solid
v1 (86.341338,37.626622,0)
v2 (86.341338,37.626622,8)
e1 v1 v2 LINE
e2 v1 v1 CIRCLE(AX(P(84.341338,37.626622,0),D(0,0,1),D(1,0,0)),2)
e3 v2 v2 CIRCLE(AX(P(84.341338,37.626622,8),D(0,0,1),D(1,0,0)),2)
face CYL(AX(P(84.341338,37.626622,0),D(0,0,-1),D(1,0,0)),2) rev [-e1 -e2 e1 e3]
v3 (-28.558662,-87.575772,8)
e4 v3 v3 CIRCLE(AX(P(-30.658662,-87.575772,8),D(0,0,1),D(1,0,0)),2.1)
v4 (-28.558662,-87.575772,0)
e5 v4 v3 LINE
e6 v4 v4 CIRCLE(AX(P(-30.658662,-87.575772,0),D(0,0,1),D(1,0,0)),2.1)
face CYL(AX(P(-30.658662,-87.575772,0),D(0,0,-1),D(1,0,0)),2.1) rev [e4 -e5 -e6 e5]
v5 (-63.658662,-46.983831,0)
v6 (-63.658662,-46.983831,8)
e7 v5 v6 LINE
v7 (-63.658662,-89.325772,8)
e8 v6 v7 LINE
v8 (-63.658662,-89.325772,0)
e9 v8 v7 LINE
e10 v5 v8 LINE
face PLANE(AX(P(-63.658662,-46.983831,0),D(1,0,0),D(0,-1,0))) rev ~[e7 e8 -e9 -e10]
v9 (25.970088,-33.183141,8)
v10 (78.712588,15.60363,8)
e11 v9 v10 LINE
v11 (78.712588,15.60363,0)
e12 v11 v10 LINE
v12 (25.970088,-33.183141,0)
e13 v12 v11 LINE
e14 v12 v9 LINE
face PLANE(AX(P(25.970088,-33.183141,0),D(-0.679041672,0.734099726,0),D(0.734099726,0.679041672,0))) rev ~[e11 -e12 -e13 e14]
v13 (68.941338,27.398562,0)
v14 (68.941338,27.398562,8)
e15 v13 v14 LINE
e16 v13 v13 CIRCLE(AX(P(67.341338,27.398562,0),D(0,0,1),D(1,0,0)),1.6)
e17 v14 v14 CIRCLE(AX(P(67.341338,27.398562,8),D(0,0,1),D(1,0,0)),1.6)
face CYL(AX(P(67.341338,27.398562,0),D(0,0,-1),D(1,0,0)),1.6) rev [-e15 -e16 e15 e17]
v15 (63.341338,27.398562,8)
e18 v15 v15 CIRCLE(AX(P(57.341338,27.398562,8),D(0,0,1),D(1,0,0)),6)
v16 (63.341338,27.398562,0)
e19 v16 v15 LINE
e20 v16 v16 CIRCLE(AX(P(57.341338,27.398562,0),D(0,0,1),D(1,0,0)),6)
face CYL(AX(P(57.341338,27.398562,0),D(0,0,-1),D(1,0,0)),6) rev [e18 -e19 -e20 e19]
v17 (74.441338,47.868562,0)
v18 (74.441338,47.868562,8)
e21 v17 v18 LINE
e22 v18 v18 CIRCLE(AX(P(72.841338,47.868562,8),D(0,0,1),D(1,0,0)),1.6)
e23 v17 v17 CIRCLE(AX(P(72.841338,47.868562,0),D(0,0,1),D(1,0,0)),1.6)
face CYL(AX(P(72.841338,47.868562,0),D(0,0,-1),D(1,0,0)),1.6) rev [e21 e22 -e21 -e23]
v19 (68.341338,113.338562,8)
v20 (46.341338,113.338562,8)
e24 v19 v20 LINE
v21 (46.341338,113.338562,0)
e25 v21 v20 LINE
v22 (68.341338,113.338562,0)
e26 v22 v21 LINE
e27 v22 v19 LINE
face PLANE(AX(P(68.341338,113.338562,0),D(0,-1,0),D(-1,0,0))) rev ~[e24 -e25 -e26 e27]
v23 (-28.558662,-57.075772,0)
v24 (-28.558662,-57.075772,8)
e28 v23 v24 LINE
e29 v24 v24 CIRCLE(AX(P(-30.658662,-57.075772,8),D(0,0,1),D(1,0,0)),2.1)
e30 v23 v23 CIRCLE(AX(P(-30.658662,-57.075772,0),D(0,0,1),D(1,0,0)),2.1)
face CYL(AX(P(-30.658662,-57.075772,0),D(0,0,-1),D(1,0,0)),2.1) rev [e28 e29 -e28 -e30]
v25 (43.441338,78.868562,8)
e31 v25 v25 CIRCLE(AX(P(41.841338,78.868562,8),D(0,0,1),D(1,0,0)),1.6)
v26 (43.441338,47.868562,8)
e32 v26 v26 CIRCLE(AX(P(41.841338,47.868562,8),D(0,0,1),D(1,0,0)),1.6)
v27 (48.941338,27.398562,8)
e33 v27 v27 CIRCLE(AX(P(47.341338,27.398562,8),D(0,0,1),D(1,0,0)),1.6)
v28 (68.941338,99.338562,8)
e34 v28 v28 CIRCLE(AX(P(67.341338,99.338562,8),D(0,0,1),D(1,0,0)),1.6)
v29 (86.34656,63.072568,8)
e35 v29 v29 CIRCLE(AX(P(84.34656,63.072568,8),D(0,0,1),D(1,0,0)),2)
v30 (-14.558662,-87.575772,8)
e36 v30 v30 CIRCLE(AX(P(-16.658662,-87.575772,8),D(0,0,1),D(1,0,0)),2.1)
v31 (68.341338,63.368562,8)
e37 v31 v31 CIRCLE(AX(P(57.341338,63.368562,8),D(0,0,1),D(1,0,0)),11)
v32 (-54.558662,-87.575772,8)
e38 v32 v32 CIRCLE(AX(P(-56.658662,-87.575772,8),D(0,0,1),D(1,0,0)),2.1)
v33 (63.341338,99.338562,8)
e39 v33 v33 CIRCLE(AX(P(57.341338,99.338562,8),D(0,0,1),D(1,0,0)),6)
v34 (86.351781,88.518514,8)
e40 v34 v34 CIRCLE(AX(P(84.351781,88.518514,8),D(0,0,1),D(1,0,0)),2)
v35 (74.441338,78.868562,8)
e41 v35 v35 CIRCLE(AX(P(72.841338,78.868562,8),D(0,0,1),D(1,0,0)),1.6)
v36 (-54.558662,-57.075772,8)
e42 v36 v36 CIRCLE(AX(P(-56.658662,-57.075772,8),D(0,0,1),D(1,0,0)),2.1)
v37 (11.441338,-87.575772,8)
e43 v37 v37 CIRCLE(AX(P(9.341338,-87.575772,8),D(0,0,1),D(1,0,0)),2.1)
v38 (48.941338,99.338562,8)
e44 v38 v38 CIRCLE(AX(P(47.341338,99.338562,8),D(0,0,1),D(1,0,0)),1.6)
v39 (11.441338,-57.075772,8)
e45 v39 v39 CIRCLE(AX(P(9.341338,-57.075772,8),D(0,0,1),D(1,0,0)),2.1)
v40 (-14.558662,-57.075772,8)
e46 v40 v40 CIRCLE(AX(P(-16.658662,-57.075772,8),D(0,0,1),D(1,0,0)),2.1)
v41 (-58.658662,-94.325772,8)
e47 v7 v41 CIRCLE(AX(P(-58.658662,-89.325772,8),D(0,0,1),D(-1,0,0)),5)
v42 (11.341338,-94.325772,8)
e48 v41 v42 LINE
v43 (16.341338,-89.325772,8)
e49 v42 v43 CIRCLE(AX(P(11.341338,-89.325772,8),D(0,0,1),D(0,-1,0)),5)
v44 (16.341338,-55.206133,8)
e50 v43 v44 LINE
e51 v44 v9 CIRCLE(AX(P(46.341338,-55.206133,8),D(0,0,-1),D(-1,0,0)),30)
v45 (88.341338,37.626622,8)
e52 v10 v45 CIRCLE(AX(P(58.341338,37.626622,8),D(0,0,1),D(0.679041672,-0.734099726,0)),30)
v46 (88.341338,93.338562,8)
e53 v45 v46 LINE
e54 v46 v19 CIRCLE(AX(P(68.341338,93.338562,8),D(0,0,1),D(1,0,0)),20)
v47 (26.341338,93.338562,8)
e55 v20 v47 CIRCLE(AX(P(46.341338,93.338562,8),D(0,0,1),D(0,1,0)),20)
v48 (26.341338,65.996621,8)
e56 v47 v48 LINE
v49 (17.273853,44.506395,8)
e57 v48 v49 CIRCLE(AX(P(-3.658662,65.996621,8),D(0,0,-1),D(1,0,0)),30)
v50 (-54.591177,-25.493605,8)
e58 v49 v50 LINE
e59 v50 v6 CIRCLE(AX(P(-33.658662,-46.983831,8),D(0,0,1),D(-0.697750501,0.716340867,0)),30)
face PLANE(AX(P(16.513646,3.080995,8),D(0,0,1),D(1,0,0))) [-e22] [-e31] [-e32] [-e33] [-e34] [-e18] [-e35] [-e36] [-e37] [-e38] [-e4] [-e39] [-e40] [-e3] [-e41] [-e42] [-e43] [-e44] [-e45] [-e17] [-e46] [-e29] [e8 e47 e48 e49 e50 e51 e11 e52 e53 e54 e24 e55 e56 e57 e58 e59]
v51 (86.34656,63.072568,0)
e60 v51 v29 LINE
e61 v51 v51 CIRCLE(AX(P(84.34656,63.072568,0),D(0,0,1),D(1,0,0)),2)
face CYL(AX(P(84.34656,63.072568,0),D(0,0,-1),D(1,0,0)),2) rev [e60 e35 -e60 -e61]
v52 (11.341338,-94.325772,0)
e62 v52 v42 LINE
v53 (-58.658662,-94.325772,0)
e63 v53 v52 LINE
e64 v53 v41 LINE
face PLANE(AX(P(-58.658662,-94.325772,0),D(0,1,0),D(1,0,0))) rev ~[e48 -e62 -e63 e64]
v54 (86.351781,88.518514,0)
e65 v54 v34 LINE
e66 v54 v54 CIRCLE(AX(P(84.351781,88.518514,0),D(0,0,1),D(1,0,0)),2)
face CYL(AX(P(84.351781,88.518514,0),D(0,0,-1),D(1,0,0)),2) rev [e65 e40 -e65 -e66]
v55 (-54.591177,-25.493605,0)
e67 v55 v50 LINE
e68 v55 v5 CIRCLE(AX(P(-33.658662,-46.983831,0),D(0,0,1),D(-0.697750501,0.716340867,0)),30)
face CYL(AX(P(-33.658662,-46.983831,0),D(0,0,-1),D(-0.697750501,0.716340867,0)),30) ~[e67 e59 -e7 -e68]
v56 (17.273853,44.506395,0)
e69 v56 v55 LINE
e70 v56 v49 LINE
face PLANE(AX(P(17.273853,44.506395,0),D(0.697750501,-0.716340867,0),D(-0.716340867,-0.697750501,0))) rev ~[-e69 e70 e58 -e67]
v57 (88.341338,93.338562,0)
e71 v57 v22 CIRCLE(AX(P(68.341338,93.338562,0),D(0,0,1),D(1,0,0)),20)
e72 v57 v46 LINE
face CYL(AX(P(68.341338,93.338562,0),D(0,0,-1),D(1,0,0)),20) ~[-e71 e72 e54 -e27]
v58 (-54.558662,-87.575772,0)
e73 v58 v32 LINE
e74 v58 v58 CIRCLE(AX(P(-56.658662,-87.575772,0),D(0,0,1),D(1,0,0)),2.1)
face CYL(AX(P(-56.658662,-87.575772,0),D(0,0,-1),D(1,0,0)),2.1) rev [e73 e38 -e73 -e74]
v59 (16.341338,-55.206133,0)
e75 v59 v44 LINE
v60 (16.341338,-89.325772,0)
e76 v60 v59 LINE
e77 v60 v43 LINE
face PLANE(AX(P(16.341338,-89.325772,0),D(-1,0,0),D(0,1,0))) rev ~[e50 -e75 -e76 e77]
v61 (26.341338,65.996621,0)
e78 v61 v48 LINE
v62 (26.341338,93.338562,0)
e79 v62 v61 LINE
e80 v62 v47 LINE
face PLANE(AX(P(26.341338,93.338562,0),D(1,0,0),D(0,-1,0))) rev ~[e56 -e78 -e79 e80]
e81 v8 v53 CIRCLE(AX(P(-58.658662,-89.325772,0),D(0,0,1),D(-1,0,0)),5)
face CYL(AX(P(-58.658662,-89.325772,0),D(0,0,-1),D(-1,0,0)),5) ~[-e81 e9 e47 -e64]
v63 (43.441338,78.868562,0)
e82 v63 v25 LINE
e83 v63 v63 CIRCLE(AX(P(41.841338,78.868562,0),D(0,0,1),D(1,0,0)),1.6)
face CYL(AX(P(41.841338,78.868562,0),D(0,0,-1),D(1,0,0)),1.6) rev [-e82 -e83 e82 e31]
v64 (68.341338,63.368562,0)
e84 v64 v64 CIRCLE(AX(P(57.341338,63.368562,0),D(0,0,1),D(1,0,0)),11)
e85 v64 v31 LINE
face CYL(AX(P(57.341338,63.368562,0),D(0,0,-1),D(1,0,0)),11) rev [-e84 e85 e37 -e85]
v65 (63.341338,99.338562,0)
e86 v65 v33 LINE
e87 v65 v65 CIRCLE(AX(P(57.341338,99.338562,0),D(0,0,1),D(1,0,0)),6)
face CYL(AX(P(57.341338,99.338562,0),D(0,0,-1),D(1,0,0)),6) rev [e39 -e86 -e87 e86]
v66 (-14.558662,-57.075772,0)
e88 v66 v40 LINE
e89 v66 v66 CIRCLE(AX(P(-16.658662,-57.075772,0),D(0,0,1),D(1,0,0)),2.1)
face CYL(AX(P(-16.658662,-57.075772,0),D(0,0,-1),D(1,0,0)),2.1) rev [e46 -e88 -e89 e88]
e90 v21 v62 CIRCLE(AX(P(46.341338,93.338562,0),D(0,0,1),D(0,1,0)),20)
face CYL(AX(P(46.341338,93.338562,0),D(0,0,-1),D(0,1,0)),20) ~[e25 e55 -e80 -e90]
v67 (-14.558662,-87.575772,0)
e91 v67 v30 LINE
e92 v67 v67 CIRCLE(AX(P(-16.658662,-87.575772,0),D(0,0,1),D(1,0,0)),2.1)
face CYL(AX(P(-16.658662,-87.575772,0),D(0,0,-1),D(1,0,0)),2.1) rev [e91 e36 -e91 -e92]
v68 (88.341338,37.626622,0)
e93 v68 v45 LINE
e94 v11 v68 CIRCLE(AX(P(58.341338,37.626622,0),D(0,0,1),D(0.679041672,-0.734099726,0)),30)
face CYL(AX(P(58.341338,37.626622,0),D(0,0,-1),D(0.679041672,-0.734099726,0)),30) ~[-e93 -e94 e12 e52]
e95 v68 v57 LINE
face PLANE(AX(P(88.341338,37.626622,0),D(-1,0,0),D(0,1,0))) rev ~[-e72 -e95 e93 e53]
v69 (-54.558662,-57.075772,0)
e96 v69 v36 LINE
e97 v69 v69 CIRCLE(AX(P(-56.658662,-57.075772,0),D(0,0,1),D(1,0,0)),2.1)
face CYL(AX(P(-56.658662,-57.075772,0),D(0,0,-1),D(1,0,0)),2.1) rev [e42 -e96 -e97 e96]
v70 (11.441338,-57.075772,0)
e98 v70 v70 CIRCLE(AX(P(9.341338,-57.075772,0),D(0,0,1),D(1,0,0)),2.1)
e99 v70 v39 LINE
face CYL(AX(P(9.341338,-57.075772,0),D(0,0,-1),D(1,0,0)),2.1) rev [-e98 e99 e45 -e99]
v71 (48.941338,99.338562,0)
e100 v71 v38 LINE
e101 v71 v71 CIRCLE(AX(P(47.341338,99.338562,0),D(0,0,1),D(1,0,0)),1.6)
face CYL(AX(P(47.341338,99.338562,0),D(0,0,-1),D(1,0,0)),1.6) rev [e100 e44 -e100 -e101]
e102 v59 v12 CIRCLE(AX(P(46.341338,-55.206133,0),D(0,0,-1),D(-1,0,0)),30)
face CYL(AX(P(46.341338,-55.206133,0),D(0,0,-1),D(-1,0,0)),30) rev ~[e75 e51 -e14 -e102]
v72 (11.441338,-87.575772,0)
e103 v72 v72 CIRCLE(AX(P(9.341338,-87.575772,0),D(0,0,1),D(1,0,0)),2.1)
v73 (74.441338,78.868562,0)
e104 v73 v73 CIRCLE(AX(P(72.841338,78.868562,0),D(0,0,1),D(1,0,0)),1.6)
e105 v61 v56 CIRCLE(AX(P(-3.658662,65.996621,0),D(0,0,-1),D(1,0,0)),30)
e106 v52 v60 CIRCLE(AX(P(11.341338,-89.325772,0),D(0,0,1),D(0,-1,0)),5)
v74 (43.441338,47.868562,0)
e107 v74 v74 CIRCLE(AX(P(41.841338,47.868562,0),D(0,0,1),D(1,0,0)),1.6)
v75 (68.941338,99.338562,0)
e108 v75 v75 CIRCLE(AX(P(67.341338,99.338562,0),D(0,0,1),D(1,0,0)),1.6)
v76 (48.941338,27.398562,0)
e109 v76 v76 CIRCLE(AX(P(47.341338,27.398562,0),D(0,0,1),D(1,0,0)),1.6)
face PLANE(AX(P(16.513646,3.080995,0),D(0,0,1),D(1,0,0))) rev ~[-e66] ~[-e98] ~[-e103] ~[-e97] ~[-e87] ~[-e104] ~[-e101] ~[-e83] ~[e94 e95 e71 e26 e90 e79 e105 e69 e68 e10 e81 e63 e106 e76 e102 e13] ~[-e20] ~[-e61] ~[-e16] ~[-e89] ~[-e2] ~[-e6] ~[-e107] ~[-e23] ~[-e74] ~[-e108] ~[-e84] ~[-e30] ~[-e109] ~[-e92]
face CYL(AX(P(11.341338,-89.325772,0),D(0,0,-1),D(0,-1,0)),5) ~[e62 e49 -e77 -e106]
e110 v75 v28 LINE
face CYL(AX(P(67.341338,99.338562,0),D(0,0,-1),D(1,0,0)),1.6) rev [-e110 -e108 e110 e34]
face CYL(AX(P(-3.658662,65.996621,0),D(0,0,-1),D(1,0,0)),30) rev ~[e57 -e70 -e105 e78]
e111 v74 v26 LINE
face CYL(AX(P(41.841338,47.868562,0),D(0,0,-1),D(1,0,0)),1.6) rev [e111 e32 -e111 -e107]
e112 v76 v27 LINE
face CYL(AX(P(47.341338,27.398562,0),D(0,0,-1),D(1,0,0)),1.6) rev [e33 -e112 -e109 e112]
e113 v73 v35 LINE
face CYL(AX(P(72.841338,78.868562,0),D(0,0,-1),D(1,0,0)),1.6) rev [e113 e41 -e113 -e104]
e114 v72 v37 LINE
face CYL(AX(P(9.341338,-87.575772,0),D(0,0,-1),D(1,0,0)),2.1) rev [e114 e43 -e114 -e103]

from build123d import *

# Parameters (mm, degrees)
SKETCH1_R           = 2.1
SKETCH1_R_2         = 6
SKETCH1_R_3         = 11
SKETCH1_R_4         = 1.6
SKETCH1_R_5         = 2
BOSS_EXTRUDE1_DEPTH = 8


with BuildPart() as part:
    # Sketch1 → Boss-Extrude1 (new body)
    with BuildSketch(Plane.XY):
        with BuildLine():
            Line((-58.658661762, -94.325772402), (11.341338238, -94.325772402))
            ThreePointArc((11.341338238, -94.325772402), (14.876872144, -92.861306308), (16.341338238, -89.325772402))
            Line((16.341338238, -89.325772402), (16.341338238, -55.206132823))
            ThreePointArc((16.341338238, -55.206132823), (18.853727353, -43.188177597), (25.970088092, -33.18314103))
            Line((25.970088092, -33.18314103), (78.712588384, 15.603630397))
            ThreePointArc((78.712588384, 15.603630397), (85.828949123, 25.608666964), (88.341338238, 37.62662219))
            Line((88.341338238, 37.62662219), (88.341338238, 93.338561628))
            ThreePointArc((88.341338238, 93.338561628), (82.483473862, 107.480697252), (68.341338238, 113.338561628))
            Line((68.341338238, 113.338561628), (46.341338238, 113.338561628))
            ThreePointArc((46.341338238, 113.338561628), (32.199202614, 107.480697252), (26.341338238, 93.338561628))
            Line((26.341338238, 93.338561628), (26.341338238, 65.996620638))
            ThreePointArc((26.341338238, 65.996620638), (23.98166612, 54.334190592), (17.273853267, 44.506394613))
            Line((17.273853267, 44.506394613), (-54.591176791, -25.493605387))
            ThreePointArc((-54.591176791, -25.493605387), (-61.298989644, -35.321401365), (-63.658661762, -46.983831411))
            Line((-63.658661762, -46.983831411), (-63.658661762, -89.325772402))
            ThreePointArc((-63.658661762, -89.325772402), (-62.194195668, -92.861306308), (-58.658661762, -94.325772402))
        make_face()
        with Locations((-56.658661762, -57.075772402)):
            Circle(SKETCH1_R, mode=Mode.SUBTRACT)
        with Locations((-30.658661762, -57.075772402)):
            Circle(SKETCH1_R, mode=Mode.SUBTRACT)
        with Locations((-30.658661762, -87.575772402)):
            Circle(SKETCH1_R, mode=Mode.SUBTRACT)
        with Locations((-56.658661762, -87.575772402)):
            Circle(SKETCH1_R, mode=Mode.SUBTRACT)
        with Locations((9.341338238, -87.575772402)):
            Circle(SKETCH1_R, mode=Mode.SUBTRACT)
        with Locations((-16.658661762, -87.575772402)):
            Circle(SKETCH1_R, mode=Mode.SUBTRACT)
        with Locations((-16.658661762, -57.075772402)):
            Circle(SKETCH1_R, mode=Mode.SUBTRACT)
        with Locations((9.341338238, -57.075772402)):
            Circle(SKETCH1_R, mode=Mode.SUBTRACT)
        with Locations((57.341338238, 99.338561628)):
            Circle(SKETCH1_R_2, mode=Mode.SUBTRACT)
        with Locations((57.341338238, 27.398561628)):
            Circle(SKETCH1_R_2, mode=Mode.SUBTRACT)
        with Locations((57.341338238, 63.368561628)):
            Circle(SKETCH1_R_3, mode=Mode.SUBTRACT)
        with Locations((41.841338238, 78.868561628)):
            Circle(SKETCH1_R_4, mode=Mode.SUBTRACT)
        with Locations((72.841338238, 78.868561628)):
            Circle(SKETCH1_R_4, mode=Mode.SUBTRACT)
        with Locations((72.841338238, 47.868561628)):
            Circle(SKETCH1_R_4, mode=Mode.SUBTRACT)
        with Locations((41.841338238, 47.868561628)):
            Circle(SKETCH1_R_4, mode=Mode.SUBTRACT)
        with Locations((84.341338238, 37.62662219)):
            Circle(SKETCH1_R_5, mode=Mode.SUBTRACT)
        with Locations((84.351781192, 88.518513838)):
            Circle(SKETCH1_R_5, mode=Mode.SUBTRACT)
        with Locations((47.341338238, 99.338561628)):
            Circle(SKETCH1_R_4, mode=Mode.SUBTRACT)
        with Locations((47.341338238, 27.398561628)):
            Circle(SKETCH1_R_4, mode=Mode.SUBTRACT)
        with Locations((67.341338238, 99.338561628)):
            Circle(SKETCH1_R_4, mode=Mode.SUBTRACT)
        with Locations((67.341338238, 27.398561628)):
            Circle(SKETCH1_R_4, mode=Mode.SUBTRACT)
        with Locations((84.346559715, 63.072568014)):
            Circle(SKETCH1_R_5, mode=Mode.SUBTRACT)
    extrude(amount=BOSS_EXTRUDE1_DEPTH)


solid = part.part
